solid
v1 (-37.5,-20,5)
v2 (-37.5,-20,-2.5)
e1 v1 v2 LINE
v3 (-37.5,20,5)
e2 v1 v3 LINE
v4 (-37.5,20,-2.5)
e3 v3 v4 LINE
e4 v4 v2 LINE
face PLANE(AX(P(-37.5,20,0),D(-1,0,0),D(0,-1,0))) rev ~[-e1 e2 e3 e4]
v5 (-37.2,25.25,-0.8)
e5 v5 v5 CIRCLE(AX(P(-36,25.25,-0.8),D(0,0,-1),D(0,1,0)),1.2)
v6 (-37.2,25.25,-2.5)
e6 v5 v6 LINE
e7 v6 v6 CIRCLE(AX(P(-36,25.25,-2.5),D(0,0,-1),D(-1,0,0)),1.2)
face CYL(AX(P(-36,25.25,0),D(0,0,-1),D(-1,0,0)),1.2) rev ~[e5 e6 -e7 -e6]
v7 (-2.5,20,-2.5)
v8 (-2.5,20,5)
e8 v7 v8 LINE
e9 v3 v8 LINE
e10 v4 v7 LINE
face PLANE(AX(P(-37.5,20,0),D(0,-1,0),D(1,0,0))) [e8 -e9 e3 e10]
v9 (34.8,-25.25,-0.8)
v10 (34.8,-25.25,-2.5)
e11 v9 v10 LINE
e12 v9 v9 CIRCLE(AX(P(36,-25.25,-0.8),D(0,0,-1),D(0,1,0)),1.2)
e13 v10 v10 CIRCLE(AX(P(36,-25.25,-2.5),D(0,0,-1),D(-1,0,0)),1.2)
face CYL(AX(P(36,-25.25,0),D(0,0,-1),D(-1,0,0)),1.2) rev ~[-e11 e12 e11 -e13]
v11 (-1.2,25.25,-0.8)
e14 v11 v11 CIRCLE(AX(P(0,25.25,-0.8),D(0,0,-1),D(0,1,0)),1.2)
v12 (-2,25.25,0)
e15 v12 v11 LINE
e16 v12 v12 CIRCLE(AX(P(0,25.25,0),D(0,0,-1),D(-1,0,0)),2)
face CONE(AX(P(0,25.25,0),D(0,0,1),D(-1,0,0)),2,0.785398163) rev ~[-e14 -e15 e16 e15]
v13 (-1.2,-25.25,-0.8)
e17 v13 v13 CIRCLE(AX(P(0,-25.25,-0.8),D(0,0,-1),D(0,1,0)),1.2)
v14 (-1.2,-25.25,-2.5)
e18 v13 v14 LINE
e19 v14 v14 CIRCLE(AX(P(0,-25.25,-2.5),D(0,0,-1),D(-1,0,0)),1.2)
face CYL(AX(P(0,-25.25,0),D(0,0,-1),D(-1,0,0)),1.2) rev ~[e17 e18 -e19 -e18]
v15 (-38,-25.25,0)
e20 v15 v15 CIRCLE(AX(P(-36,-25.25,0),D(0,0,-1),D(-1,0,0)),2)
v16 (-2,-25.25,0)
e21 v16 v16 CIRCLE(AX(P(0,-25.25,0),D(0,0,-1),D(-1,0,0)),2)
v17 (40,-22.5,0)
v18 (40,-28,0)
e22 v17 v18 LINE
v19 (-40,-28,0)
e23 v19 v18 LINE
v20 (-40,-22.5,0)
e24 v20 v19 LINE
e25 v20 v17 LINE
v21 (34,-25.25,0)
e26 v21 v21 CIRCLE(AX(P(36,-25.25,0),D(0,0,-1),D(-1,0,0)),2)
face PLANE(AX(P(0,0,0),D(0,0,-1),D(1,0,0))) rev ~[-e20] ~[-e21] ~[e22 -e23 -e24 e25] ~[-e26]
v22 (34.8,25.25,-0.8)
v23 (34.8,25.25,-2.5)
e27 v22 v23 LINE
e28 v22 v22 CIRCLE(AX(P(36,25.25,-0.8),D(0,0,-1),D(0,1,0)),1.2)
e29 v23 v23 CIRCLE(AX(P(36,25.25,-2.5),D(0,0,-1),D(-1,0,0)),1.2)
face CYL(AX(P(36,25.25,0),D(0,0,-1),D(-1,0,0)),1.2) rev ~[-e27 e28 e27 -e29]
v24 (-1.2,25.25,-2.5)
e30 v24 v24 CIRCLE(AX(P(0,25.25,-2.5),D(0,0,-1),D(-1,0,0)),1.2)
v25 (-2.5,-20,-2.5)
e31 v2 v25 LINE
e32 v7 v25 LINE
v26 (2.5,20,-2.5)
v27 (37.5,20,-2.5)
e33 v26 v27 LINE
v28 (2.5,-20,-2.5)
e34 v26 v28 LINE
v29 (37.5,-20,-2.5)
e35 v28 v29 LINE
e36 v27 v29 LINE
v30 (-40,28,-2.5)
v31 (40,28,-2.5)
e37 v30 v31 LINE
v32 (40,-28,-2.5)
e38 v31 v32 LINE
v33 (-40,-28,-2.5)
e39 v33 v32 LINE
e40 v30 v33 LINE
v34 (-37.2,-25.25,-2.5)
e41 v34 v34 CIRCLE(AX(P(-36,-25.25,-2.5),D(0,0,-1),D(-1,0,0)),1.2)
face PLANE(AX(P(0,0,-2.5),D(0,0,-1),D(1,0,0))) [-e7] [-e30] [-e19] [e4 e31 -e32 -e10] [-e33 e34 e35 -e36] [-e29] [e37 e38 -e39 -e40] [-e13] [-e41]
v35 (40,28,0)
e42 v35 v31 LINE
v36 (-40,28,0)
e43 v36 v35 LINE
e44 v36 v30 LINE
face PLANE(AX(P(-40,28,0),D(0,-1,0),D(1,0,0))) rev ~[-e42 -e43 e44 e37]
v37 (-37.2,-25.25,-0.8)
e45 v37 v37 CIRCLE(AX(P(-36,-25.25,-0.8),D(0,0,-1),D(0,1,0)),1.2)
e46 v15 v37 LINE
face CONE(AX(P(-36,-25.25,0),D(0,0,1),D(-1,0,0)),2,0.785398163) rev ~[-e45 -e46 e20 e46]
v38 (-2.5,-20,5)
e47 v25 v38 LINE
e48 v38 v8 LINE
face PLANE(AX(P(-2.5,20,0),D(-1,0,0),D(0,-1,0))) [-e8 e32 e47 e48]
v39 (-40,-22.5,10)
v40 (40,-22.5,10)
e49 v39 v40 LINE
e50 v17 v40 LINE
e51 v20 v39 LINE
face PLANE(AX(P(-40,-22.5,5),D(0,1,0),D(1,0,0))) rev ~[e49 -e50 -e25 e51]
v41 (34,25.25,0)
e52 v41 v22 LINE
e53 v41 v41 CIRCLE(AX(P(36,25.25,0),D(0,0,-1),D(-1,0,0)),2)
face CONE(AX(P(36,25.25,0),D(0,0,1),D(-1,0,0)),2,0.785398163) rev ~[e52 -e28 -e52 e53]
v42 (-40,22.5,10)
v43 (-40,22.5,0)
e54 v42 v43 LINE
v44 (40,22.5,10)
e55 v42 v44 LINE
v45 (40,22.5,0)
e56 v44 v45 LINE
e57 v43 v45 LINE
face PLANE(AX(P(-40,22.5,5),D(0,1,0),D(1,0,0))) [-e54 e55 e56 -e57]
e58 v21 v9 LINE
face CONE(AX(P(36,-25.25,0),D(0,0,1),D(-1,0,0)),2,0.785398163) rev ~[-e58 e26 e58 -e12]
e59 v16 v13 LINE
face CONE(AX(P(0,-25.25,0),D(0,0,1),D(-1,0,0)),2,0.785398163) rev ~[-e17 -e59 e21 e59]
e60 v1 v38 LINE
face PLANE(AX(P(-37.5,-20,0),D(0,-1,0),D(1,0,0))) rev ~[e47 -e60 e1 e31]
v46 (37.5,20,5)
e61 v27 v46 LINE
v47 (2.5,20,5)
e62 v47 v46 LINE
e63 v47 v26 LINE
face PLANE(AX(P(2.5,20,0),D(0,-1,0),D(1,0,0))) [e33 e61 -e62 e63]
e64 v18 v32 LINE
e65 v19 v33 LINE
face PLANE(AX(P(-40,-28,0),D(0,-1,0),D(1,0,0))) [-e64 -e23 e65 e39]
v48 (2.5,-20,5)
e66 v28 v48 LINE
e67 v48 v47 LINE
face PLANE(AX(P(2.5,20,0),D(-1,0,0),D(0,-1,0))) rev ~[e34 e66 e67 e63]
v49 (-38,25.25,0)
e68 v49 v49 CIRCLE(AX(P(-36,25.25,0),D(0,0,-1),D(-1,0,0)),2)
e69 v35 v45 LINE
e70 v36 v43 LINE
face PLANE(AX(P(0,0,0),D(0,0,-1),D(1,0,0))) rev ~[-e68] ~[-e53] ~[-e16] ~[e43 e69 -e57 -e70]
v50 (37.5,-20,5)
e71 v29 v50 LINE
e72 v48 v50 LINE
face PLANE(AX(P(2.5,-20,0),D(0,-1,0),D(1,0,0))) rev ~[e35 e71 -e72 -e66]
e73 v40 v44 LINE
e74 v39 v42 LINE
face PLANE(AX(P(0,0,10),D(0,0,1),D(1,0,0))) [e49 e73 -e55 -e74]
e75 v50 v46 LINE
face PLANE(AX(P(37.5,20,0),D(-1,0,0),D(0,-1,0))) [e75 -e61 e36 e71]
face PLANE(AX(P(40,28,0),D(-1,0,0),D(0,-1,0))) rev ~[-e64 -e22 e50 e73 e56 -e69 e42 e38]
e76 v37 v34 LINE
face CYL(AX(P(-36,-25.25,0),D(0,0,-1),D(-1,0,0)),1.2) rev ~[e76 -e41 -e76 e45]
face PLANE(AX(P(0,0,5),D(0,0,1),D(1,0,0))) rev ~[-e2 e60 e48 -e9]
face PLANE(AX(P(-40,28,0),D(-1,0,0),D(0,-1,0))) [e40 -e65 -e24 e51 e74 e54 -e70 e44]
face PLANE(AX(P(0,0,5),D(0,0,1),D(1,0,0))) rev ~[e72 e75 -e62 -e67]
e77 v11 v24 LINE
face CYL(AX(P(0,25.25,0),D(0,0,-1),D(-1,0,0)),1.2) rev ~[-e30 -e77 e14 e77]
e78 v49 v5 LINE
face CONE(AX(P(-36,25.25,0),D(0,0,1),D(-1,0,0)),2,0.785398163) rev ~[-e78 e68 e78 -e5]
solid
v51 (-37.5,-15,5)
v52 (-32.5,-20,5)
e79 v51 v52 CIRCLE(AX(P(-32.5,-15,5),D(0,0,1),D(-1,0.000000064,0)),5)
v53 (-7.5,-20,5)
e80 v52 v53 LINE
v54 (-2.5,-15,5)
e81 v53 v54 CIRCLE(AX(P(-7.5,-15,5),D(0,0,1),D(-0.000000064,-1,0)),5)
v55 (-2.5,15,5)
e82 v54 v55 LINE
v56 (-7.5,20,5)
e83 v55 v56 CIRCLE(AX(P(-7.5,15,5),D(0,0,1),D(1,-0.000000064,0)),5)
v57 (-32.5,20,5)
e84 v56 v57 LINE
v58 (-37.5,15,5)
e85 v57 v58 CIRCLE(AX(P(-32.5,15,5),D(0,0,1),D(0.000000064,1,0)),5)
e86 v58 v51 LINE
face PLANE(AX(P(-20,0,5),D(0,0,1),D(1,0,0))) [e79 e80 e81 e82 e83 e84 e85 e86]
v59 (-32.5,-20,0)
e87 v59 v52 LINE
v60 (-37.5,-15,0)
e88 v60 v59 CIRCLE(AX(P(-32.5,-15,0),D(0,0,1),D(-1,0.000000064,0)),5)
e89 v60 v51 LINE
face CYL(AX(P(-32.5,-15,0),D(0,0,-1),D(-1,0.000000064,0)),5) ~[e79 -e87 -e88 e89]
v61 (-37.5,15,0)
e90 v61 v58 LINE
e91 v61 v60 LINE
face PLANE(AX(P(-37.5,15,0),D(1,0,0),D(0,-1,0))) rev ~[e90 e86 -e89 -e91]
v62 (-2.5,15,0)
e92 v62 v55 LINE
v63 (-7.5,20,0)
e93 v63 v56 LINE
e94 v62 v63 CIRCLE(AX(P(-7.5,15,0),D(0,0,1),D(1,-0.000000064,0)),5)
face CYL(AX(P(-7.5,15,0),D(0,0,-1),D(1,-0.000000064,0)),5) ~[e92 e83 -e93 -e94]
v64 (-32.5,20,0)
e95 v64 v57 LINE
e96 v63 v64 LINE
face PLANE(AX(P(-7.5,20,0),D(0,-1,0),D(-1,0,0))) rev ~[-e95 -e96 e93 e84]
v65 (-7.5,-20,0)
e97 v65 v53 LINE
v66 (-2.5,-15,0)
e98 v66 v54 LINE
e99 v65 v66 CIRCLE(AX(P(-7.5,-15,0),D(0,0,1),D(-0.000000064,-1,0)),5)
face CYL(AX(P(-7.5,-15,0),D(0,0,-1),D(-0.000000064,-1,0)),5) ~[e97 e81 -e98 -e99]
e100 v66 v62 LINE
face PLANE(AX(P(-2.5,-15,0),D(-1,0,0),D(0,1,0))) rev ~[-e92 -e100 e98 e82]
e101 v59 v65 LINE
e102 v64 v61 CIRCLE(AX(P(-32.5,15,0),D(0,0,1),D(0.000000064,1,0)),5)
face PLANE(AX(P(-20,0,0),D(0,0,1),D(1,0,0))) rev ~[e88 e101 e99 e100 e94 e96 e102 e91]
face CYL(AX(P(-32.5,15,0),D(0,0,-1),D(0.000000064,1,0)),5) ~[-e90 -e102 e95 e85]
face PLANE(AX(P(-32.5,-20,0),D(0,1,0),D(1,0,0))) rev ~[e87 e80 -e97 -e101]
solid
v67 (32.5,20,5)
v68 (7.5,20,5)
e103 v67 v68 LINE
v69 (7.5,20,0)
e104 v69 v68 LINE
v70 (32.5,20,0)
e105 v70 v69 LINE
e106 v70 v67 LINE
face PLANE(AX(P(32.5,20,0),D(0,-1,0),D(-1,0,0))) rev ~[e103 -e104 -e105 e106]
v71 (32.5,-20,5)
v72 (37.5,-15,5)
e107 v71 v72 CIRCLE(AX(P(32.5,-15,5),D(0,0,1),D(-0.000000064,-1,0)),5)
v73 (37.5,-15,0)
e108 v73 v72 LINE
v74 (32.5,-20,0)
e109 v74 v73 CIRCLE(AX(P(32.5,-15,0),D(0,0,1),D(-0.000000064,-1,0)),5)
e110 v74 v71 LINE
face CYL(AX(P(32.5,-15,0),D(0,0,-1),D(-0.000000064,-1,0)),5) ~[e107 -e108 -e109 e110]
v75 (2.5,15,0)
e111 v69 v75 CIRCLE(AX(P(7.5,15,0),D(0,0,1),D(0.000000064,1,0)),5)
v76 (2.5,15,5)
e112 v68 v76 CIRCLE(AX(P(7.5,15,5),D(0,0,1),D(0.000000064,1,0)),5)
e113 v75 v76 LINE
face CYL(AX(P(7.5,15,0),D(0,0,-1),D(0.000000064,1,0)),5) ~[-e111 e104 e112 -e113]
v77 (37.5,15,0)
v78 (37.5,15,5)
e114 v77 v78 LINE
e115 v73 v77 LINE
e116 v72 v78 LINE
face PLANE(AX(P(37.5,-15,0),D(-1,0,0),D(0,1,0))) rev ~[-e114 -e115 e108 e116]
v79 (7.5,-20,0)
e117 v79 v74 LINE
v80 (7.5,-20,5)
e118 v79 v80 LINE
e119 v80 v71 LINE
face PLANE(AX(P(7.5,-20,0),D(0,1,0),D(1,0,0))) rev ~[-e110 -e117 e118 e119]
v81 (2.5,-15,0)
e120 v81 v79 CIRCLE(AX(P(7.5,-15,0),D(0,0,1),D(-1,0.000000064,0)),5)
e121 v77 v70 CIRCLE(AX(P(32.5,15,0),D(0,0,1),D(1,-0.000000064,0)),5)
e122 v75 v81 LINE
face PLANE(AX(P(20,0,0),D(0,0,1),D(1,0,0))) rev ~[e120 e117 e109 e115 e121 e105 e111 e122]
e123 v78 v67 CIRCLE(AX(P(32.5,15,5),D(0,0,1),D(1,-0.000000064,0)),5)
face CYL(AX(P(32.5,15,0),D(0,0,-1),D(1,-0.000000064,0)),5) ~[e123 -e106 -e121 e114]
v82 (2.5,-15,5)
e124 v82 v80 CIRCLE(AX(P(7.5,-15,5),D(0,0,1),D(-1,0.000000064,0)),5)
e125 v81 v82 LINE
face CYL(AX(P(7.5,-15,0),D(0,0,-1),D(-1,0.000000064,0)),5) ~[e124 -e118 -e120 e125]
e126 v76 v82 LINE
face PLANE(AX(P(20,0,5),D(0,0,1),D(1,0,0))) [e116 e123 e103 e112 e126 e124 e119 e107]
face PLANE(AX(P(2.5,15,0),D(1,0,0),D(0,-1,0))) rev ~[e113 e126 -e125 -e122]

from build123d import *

# Parameters (mm, degrees)
PAD001_DEPTH     = 5
SKETCH002_W      = 80
SKETCH002_H      = 45
SKETCH002_W_2    = 35
SKETCH002_H_2    = 40
PAD002_DEPTH     = 5
SKETCH_W         = 80
SKETCH_H         = 45
PAD_DEPTH        = 5
SKETCH005_W      = 80
SKETCH005_H      = 56
SKETCH005_W_2    = 35
SKETCH005_H_2    = 40
PAD004_DEPTH     = 2.5
HOLE_D           = 2.4
HOLE_DEPTH       = 198.867435
HOLE_CSINK_D     = 4
HOLE_CSINK_ANGLE = 90
PAD003_DEPTH     = 5


with BuildPart() as body001:
    # Sketch001 → Pad001 (new body)
    with BuildSketch(Plane.XY):
        with BuildLine():
            Line((37.5, -15), (37.5, 15))
            ThreePointArc((37.5, 15), (36.035534, 18.535534), (32.5, 20))
            Line((32.5, 20), (7.5, 20))
            ThreePointArc((7.5, 20), (3.964466, 18.535534), (2.5, 15))
            Line((2.5, 15), (2.5, -15))
            ThreePointArc((2.5, -15), (3.964466, -18.535534), (7.5, -20))
            Line((7.5, -20), (32.5, -20))
            ThreePointArc((32.5, -20), (36.035534, -18.535534), (37.5, -15))
        make_face()
    extrude(amount=PAD001_DEPTH)


with BuildPart() as cuerpo:
    # Sketch002 (on Sketch) → Pad002 (new body)
    with BuildSketch(Plane.XY):
        Rectangle(SKETCH002_W, SKETCH002_H)
        with Locations((-20, 0)):
            Rectangle(SKETCH002_W_2, SKETCH002_H_2, mode=Mode.SUBTRACT)
        with Locations((20, 0)):
            Rectangle(SKETCH002_W_2, SKETCH002_H_2, mode=Mode.SUBTRACT)
    extrude(amount=PAD002_DEPTH)

    # Sketch (on Face14 of Pad002) → Pad (join)
    with BuildSketch(Plane.XY.offset(5)):
        Rectangle(SKETCH_W, SKETCH_H)
    extrude(amount=PAD_DEPTH)

    # Sketch005 (on Face4 of Pad) → Pad004 (join)
    with BuildSketch(Plane(origin=(0, 0, 0), x_dir=(1, 0, 0), z_dir=(0, 0, -1))):
        Rectangle(SKETCH005_W, SKETCH005_H)
        with Locations((-20, 0)):
            Rectangle(SKETCH005_W_2, SKETCH005_H_2, mode=Mode.SUBTRACT)
        with Locations((20, 0)):
            Rectangle(SKETCH005_W_2, SKETCH005_H_2, mode=Mode.SUBTRACT)
    extrude(amount=PAD004_DEPTH)

    # Hole
    with Locations(Plane.XY):
        with Locations((-36, -25.25), (0, -25.25), (36, -25.25), (-36, 25.25), (0, 25.25), (36, 25.25)):
            CounterSinkHole(HOLE_D / 2, HOLE_CSINK_D / 2, depth=HOLE_DEPTH, counter_sink_angle=HOLE_CSINK_ANGLE)


with BuildPart() as body003:
    # Sketch003 → Pad003 (new body)
    with BuildSketch(Plane.XY):
        with BuildLine():
            Line((-2.5, -15), (-2.5, 15))
            ThreePointArc((-2.5, 15), (-3.964466, 18.535534), (-7.5, 20))
            Line((-7.5, 20), (-32.5, 20))
            ThreePointArc((-32.5, 20), (-36.035534, 18.535534), (-37.5, 15))
            Line((-37.5, 15), (-37.5, -15))
            ThreePointArc((-37.5, -15), (-36.035534, -18.535534), (-32.5, -20))
            Line((-32.5, -20), (-7.5, -20))
            ThreePointArc((-7.5, -20), (-3.964466, -18.535534), (-2.5, -15))
        make_face()
    extrude(amount=PAD003_DEPTH)


solid = Compound([body001.part, cuerpo.part, body003.part])
